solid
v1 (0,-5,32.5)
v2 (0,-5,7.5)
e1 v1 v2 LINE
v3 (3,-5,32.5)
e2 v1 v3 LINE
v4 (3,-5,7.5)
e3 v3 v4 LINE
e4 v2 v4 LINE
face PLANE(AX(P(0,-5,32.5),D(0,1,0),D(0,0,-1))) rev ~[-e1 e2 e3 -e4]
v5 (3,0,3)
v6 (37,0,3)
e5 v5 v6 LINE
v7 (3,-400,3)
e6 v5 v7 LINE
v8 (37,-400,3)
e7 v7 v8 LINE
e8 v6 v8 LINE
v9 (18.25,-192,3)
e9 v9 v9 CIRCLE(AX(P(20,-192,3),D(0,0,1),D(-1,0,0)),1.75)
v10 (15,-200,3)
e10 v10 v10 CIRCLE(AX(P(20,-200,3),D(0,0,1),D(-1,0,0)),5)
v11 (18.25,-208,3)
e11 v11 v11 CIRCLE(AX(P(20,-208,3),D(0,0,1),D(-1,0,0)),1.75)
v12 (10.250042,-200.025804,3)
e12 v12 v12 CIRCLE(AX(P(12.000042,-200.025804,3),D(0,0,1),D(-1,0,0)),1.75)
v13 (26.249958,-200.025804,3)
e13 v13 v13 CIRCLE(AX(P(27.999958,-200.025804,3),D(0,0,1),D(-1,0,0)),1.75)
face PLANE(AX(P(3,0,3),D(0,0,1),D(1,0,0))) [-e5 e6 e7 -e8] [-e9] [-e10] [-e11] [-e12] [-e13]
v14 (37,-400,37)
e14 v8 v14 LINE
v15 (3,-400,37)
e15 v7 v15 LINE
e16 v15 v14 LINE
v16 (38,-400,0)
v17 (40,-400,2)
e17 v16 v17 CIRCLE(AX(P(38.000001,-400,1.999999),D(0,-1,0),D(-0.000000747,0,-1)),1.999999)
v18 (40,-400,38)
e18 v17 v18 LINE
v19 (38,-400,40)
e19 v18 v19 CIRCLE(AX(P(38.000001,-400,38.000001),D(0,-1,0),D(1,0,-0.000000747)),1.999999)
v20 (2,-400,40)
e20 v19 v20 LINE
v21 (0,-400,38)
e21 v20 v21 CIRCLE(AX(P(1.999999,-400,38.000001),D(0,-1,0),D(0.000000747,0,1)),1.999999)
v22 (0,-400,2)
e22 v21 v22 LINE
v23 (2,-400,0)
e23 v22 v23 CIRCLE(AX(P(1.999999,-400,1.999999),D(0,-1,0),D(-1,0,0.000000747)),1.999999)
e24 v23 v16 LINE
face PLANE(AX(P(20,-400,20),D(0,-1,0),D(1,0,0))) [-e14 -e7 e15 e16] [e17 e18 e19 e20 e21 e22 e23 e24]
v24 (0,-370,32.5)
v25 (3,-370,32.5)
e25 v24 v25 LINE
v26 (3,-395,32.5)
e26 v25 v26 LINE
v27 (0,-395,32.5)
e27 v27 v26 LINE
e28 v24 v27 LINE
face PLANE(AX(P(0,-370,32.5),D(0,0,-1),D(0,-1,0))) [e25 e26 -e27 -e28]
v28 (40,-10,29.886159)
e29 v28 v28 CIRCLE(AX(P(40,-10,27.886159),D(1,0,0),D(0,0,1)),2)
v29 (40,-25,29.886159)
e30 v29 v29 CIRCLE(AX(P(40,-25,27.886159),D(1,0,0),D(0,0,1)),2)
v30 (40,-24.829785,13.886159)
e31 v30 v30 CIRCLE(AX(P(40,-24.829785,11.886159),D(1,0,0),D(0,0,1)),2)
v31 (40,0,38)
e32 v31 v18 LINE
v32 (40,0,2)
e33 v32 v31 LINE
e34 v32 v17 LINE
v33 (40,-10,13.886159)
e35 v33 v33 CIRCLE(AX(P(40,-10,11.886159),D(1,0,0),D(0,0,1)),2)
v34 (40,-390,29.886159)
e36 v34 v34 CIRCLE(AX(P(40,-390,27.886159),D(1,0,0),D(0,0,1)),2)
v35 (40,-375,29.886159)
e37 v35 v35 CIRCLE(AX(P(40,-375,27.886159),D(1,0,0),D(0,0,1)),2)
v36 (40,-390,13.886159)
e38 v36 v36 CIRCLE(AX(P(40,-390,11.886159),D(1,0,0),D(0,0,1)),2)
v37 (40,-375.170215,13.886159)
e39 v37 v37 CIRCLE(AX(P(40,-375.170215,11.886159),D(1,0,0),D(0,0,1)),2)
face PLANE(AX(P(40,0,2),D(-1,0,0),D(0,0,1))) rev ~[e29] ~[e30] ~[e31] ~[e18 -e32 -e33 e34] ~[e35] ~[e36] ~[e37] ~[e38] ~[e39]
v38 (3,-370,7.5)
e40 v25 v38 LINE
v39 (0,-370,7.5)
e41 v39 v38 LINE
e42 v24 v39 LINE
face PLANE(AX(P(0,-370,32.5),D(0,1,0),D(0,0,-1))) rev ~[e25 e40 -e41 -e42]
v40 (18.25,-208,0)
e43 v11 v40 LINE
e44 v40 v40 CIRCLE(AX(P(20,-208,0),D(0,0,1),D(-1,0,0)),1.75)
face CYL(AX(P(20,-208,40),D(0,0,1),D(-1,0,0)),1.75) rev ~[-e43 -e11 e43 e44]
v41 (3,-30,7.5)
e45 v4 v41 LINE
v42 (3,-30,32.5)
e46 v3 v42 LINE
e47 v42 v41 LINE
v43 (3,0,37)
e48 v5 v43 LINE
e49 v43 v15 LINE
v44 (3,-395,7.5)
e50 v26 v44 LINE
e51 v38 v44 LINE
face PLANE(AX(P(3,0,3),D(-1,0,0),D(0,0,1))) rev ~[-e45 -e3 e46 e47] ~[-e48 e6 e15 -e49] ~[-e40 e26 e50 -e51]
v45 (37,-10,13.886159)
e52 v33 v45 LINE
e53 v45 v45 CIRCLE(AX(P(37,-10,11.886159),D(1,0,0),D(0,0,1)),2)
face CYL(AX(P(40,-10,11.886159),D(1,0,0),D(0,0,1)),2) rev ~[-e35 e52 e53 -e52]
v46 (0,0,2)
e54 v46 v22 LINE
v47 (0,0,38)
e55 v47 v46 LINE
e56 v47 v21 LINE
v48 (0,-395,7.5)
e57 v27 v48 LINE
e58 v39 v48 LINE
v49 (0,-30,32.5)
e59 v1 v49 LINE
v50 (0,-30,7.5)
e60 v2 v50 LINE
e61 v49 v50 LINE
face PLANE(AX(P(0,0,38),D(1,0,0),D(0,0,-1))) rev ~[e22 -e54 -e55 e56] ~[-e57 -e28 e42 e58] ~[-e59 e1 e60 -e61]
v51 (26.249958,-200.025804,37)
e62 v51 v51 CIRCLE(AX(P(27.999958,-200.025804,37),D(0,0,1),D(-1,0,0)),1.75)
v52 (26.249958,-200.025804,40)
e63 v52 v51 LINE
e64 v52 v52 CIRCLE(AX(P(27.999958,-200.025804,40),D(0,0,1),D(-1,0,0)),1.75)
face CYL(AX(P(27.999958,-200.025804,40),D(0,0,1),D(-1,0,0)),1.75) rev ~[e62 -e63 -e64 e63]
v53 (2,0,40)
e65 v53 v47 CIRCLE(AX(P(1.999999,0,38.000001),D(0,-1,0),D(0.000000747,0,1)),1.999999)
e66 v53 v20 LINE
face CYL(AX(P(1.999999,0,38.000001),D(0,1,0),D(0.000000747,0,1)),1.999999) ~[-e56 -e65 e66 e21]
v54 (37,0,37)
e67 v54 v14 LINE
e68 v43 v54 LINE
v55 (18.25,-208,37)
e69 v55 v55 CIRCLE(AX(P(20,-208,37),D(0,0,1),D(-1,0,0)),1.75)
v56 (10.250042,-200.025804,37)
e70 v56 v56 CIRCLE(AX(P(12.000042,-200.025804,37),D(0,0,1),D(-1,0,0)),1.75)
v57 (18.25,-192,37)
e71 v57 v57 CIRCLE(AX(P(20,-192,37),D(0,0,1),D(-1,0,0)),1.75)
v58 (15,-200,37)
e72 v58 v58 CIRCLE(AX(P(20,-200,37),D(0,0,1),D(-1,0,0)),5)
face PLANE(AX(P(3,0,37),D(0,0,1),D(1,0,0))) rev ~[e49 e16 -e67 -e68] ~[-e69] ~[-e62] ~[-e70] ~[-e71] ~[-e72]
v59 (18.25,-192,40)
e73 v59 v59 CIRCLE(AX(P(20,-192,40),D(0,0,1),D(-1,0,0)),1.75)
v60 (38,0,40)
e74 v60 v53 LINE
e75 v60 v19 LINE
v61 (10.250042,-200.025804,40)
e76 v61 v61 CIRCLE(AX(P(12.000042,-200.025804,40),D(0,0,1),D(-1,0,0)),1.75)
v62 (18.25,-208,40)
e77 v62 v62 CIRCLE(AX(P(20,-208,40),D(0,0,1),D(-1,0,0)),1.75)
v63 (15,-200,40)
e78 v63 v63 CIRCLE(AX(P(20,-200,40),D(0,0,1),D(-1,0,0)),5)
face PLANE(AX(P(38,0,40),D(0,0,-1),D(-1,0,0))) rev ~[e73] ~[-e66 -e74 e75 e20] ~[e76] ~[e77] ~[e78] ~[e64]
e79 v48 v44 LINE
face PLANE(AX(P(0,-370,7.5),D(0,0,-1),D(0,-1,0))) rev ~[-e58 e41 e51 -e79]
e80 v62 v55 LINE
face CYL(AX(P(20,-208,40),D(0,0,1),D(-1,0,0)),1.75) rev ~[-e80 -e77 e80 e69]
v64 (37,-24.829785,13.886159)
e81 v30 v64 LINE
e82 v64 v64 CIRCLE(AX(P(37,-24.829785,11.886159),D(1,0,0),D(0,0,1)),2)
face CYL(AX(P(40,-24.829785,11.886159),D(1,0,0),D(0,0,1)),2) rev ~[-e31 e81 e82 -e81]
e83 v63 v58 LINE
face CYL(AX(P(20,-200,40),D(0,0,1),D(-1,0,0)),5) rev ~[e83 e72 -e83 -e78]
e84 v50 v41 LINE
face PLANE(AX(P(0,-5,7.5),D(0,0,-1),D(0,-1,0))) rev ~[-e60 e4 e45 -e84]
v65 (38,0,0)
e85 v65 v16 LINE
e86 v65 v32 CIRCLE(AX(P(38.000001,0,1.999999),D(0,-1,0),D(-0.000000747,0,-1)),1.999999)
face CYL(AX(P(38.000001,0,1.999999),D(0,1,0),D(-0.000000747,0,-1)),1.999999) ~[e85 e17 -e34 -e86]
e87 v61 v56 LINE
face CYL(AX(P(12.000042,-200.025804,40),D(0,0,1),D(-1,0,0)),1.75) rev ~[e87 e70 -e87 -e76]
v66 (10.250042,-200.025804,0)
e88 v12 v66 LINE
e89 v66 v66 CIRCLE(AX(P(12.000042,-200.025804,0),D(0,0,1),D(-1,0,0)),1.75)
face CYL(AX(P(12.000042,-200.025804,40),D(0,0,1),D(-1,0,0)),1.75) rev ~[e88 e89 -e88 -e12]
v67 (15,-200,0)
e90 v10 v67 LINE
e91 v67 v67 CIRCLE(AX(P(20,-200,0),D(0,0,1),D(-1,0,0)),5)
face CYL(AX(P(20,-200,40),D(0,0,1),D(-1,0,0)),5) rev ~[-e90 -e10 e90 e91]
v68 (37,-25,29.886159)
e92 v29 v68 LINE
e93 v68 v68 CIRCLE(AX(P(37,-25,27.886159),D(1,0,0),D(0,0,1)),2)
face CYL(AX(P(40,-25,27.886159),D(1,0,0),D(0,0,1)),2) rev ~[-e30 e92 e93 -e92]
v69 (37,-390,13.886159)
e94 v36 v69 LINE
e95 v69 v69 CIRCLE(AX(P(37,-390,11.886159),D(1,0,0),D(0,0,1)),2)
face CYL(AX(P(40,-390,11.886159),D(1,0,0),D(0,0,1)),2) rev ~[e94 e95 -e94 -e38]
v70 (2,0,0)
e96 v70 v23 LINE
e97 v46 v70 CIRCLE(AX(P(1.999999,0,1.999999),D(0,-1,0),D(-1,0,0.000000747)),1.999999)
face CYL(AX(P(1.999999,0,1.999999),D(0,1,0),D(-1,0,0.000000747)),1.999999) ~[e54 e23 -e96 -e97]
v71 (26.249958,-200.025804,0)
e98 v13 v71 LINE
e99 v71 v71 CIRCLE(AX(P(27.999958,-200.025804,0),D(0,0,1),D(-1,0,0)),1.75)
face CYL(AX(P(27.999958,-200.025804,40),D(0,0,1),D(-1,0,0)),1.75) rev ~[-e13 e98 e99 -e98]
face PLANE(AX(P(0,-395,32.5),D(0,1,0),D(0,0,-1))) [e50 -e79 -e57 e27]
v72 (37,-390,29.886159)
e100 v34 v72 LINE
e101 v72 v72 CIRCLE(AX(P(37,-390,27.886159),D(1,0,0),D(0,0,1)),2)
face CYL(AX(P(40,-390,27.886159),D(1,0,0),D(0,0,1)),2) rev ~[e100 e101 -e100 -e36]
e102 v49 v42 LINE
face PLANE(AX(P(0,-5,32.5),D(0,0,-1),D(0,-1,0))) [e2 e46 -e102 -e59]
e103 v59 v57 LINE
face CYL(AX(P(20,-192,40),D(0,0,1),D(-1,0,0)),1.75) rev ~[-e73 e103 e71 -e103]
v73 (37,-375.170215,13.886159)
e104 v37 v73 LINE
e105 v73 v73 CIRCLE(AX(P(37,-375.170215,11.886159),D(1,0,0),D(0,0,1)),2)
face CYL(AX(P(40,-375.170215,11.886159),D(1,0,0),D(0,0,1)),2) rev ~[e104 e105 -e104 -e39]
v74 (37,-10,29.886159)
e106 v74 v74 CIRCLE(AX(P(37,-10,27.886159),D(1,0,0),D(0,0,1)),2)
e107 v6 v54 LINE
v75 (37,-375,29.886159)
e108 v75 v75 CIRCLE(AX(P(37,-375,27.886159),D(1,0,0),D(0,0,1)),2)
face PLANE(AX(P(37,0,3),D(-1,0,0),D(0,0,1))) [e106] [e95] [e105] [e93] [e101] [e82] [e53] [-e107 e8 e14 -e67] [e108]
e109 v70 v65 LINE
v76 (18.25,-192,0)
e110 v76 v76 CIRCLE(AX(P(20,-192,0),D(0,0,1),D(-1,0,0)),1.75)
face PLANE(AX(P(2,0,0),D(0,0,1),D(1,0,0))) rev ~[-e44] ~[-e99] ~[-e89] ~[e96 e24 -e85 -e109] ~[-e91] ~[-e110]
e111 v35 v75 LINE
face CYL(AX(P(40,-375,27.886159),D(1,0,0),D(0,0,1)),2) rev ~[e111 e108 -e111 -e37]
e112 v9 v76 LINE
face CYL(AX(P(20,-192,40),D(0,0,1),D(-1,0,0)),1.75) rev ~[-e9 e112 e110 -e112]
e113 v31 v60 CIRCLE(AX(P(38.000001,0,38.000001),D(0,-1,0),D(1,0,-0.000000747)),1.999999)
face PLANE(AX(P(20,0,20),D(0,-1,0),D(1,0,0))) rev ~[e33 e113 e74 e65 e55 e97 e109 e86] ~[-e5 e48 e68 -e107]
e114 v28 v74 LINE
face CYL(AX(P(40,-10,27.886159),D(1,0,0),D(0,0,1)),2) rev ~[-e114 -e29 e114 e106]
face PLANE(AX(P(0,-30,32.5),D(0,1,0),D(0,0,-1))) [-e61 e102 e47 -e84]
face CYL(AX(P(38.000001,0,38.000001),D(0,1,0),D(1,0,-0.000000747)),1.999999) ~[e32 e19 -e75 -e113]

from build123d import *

# Parameters (mm, degrees)
SKETCH_W       = 34
SKETCH_H       = 34
PAD_DEPTH      = 400
SKETCH001_R    = 5
HOLE_DEPTH     = 40.001
SKETCH002_R    = 1.75
HOLE001_DEPTH  = 40.001
SKETCH003_R    = 2
HOLE002_DEPTH  = 25
HOLE002_TIPS_R = 2
SKETCH004_W    = 25
SKETCH004_H    = 25
POCKET_DEPTH   = 3


with BuildPart() as part:
    # Sketch → Pad (new body)
    with BuildSketch(Plane.XZ):
        with BuildLine():
            Line((2, 0), (38, 0))
            ThreePointArc((38, 0), (39.414214, 0.585786), (40, 2))
            Line((40, 2), (40, 38))
            ThreePointArc((40, 38), (39.414214, 39.414214), (38, 40))
            Line((38, 40), (2, 40))
            ThreePointArc((2, 40), (0.585786, 39.414214), (0, 38))
            Line((0, 38), (0, 2))
            ThreePointArc((0, 2), (0.585786, 0.585786), (2, 0))
        make_face()
        with Locations((20, 20)):
            Rectangle(SKETCH_W, SKETCH_H, mode=Mode.SUBTRACT)
    extrude(amount=PAD_DEPTH)

    # Sketch001 (on Face5 of Pad) → Hole (cut, through all)
    with BuildSketch(Plane(origin=(0, 0, 40), x_dir=(-1, 0, 0), z_dir=(0, 0, 1))):
        with Locations((-20, 200)):
            Circle(SKETCH001_R)
    extrude(amount=-HOLE_DEPTH, mode=Mode.SUBTRACT)

    # Sketch002 (on Face10 of Hole) → Hole001 (cut, through all)
    with BuildSketch(Plane(origin=(0, 0, 40), x_dir=(-1, 0, 0), z_dir=(0, 0, 1))):
        with Locations((-12.000042, 200.025804)):
            Circle(SKETCH002_R)
        with Locations((-27.999958, 200.025804)):
            Circle(SKETCH002_R)
        with Locations((-20, 192)):
            Circle(SKETCH002_R)
        with Locations((-20, 208)):
            Circle(SKETCH002_R)
    extrude(amount=-HOLE001_DEPTH, mode=Mode.SUBTRACT)

    # Sketch003 (on Face12 of Hole001) → Hole002 (cut)
    with BuildSketch(Plane(origin=(40, 0, 0), x_dir=(0, 0, 1), z_dir=(1, 0, 0))):
        with Locations((27.886159, 10)):
            Circle(SKETCH003_R)
        with Locations((11.886159, 10)):
            Circle(SKETCH003_R)
        with Locations((27.886159, 25)):
            Circle(SKETCH003_R)
        with Locations((11.886159, 24.829785)):
            Circle(SKETCH003_R)
        with Locations((27.886159, 390)):
            Circle(SKETCH003_R)
        with Locations((11.886159, 390)):
            Circle(SKETCH003_R)
        with Locations((27.886159, 375)):
            Circle(SKETCH003_R)
        with Locations((11.886159, 375.170215)):
            Circle(SKETCH003_R)
    extrude(amount=-HOLE002_DEPTH, mode=Mode.SUBTRACT)

    # Hole002 tips → Hole002 tip 1 section 0
    with BuildSketch(Plane(origin=(15, 0, 0), x_dir=(0, 0, 1), z_dir=(1, 0, 0)), mode=Mode.PRIVATE) as hole002_tip_1_s0:
        with Locations((27.886159, 10)):
            Circle(HOLE002_TIPS_R)
    loft([hole002_tip_1_s0.sketch, Vertex(13.798279, -10, 27.886159)], mode=Mode.SUBTRACT)

    # Hole002 tips → Hole002 tip 2 section 0
    with BuildSketch(Plane(origin=(15, 0, 0), x_dir=(0, 0, 1), z_dir=(1, 0, 0)), mode=Mode.PRIVATE) as hole002_tip_2_s0:
        with Locations((11.886159, 10)):
            Circle(HOLE002_TIPS_R)
    loft([hole002_tip_2_s0.sketch, Vertex(13.798279, -10, 11.886159)], mode=Mode.SUBTRACT)

    # Hole002 tips → Hole002 tip 3 section 0
    with BuildSketch(Plane(origin=(15, 0, 0), x_dir=(0, 0, 1), z_dir=(1, 0, 0)), mode=Mode.PRIVATE) as hole002_tip_3_s0:
        with Locations((27.886159, 25)):
            Circle(HOLE002_TIPS_R)
    loft([hole002_tip_3_s0.sketch, Vertex(13.798279, -25, 27.886159)], mode=Mode.SUBTRACT)

    # Hole002 tips → Hole002 tip 4 section 0
    with BuildSketch(Plane(origin=(15, 0, 0), x_dir=(0, 0, 1), z_dir=(1, 0, 0)), mode=Mode.PRIVATE) as hole002_tip_4_s0:
        with Locations((11.886159, 24.829785)):
            Circle(HOLE002_TIPS_R)
    loft([hole002_tip_4_s0.sketch, Vertex(13.798279, -24.829785, 11.886159)], mode=Mode.SUBTRACT)

    # Hole002 tips → Hole002 tip 5 section 0
    with BuildSketch(Plane(origin=(15, 0, 0), x_dir=(0, 0, 1), z_dir=(1, 0, 0)), mode=Mode.PRIVATE) as hole002_tip_5_s0:
        with Locations((27.886159, 390)):
            Circle(HOLE002_TIPS_R)
    loft([hole002_tip_5_s0.sketch, Vertex(13.798279, -390, 27.886159)], mode=Mode.SUBTRACT)

    # Hole002 tips → Hole002 tip 6 section 0
    with BuildSketch(Plane(origin=(15, 0, 0), x_dir=(0, 0, 1), z_dir=(1, 0, 0)), mode=Mode.PRIVATE) as hole002_tip_6_s0:
        with Locations((11.886159, 390)):
            Circle(HOLE002_TIPS_R)
    loft([hole002_tip_6_s0.sketch, Vertex(13.798279, -390, 11.886159)], mode=Mode.SUBTRACT)

    # Hole002 tips → Hole002 tip 7 section 0
    with BuildSketch(Plane(origin=(15, 0, 0), x_dir=(0, 0, 1), z_dir=(1, 0, 0)), mode=Mode.PRIVATE) as hole002_tip_7_s0:
        with Locations((27.886159, 375)):
            Circle(HOLE002_TIPS_R)
    loft([hole002_tip_7_s0.sketch, Vertex(13.798279, -375, 27.886159)], mode=Mode.SUBTRACT)

    # Hole002 tips → Hole002 tip 8 section 0
    with BuildSketch(Plane(origin=(15, 0, 0), x_dir=(0, 0, 1), z_dir=(1, 0, 0)), mode=Mode.PRIVATE) as hole002_tip_8_s0:
        with Locations((11.886159, 375.170215)):
            Circle(HOLE002_TIPS_R)
    loft([hole002_tip_8_s0.sketch, Vertex(13.798279, -375.170215, 11.886159)], mode=Mode.SUBTRACT)

    # Sketch004 (on Face11 of Hole002) → Pocket (cut)
    with BuildSketch(Plane(origin=(0, 0, 0), x_dir=(0, 0, -1), z_dir=(-1, 0, 0))):
        with Locations((-20, 17.5)):
            Rectangle(SKETCH004_W, SKETCH004_H)
        with Locations((-20, 382.5)):
            Rectangle(SKETCH004_W, SKETCH004_H)
    extrude(amount=-POCKET_DEPTH, mode=Mode.SUBTRACT)


solid = part.part
